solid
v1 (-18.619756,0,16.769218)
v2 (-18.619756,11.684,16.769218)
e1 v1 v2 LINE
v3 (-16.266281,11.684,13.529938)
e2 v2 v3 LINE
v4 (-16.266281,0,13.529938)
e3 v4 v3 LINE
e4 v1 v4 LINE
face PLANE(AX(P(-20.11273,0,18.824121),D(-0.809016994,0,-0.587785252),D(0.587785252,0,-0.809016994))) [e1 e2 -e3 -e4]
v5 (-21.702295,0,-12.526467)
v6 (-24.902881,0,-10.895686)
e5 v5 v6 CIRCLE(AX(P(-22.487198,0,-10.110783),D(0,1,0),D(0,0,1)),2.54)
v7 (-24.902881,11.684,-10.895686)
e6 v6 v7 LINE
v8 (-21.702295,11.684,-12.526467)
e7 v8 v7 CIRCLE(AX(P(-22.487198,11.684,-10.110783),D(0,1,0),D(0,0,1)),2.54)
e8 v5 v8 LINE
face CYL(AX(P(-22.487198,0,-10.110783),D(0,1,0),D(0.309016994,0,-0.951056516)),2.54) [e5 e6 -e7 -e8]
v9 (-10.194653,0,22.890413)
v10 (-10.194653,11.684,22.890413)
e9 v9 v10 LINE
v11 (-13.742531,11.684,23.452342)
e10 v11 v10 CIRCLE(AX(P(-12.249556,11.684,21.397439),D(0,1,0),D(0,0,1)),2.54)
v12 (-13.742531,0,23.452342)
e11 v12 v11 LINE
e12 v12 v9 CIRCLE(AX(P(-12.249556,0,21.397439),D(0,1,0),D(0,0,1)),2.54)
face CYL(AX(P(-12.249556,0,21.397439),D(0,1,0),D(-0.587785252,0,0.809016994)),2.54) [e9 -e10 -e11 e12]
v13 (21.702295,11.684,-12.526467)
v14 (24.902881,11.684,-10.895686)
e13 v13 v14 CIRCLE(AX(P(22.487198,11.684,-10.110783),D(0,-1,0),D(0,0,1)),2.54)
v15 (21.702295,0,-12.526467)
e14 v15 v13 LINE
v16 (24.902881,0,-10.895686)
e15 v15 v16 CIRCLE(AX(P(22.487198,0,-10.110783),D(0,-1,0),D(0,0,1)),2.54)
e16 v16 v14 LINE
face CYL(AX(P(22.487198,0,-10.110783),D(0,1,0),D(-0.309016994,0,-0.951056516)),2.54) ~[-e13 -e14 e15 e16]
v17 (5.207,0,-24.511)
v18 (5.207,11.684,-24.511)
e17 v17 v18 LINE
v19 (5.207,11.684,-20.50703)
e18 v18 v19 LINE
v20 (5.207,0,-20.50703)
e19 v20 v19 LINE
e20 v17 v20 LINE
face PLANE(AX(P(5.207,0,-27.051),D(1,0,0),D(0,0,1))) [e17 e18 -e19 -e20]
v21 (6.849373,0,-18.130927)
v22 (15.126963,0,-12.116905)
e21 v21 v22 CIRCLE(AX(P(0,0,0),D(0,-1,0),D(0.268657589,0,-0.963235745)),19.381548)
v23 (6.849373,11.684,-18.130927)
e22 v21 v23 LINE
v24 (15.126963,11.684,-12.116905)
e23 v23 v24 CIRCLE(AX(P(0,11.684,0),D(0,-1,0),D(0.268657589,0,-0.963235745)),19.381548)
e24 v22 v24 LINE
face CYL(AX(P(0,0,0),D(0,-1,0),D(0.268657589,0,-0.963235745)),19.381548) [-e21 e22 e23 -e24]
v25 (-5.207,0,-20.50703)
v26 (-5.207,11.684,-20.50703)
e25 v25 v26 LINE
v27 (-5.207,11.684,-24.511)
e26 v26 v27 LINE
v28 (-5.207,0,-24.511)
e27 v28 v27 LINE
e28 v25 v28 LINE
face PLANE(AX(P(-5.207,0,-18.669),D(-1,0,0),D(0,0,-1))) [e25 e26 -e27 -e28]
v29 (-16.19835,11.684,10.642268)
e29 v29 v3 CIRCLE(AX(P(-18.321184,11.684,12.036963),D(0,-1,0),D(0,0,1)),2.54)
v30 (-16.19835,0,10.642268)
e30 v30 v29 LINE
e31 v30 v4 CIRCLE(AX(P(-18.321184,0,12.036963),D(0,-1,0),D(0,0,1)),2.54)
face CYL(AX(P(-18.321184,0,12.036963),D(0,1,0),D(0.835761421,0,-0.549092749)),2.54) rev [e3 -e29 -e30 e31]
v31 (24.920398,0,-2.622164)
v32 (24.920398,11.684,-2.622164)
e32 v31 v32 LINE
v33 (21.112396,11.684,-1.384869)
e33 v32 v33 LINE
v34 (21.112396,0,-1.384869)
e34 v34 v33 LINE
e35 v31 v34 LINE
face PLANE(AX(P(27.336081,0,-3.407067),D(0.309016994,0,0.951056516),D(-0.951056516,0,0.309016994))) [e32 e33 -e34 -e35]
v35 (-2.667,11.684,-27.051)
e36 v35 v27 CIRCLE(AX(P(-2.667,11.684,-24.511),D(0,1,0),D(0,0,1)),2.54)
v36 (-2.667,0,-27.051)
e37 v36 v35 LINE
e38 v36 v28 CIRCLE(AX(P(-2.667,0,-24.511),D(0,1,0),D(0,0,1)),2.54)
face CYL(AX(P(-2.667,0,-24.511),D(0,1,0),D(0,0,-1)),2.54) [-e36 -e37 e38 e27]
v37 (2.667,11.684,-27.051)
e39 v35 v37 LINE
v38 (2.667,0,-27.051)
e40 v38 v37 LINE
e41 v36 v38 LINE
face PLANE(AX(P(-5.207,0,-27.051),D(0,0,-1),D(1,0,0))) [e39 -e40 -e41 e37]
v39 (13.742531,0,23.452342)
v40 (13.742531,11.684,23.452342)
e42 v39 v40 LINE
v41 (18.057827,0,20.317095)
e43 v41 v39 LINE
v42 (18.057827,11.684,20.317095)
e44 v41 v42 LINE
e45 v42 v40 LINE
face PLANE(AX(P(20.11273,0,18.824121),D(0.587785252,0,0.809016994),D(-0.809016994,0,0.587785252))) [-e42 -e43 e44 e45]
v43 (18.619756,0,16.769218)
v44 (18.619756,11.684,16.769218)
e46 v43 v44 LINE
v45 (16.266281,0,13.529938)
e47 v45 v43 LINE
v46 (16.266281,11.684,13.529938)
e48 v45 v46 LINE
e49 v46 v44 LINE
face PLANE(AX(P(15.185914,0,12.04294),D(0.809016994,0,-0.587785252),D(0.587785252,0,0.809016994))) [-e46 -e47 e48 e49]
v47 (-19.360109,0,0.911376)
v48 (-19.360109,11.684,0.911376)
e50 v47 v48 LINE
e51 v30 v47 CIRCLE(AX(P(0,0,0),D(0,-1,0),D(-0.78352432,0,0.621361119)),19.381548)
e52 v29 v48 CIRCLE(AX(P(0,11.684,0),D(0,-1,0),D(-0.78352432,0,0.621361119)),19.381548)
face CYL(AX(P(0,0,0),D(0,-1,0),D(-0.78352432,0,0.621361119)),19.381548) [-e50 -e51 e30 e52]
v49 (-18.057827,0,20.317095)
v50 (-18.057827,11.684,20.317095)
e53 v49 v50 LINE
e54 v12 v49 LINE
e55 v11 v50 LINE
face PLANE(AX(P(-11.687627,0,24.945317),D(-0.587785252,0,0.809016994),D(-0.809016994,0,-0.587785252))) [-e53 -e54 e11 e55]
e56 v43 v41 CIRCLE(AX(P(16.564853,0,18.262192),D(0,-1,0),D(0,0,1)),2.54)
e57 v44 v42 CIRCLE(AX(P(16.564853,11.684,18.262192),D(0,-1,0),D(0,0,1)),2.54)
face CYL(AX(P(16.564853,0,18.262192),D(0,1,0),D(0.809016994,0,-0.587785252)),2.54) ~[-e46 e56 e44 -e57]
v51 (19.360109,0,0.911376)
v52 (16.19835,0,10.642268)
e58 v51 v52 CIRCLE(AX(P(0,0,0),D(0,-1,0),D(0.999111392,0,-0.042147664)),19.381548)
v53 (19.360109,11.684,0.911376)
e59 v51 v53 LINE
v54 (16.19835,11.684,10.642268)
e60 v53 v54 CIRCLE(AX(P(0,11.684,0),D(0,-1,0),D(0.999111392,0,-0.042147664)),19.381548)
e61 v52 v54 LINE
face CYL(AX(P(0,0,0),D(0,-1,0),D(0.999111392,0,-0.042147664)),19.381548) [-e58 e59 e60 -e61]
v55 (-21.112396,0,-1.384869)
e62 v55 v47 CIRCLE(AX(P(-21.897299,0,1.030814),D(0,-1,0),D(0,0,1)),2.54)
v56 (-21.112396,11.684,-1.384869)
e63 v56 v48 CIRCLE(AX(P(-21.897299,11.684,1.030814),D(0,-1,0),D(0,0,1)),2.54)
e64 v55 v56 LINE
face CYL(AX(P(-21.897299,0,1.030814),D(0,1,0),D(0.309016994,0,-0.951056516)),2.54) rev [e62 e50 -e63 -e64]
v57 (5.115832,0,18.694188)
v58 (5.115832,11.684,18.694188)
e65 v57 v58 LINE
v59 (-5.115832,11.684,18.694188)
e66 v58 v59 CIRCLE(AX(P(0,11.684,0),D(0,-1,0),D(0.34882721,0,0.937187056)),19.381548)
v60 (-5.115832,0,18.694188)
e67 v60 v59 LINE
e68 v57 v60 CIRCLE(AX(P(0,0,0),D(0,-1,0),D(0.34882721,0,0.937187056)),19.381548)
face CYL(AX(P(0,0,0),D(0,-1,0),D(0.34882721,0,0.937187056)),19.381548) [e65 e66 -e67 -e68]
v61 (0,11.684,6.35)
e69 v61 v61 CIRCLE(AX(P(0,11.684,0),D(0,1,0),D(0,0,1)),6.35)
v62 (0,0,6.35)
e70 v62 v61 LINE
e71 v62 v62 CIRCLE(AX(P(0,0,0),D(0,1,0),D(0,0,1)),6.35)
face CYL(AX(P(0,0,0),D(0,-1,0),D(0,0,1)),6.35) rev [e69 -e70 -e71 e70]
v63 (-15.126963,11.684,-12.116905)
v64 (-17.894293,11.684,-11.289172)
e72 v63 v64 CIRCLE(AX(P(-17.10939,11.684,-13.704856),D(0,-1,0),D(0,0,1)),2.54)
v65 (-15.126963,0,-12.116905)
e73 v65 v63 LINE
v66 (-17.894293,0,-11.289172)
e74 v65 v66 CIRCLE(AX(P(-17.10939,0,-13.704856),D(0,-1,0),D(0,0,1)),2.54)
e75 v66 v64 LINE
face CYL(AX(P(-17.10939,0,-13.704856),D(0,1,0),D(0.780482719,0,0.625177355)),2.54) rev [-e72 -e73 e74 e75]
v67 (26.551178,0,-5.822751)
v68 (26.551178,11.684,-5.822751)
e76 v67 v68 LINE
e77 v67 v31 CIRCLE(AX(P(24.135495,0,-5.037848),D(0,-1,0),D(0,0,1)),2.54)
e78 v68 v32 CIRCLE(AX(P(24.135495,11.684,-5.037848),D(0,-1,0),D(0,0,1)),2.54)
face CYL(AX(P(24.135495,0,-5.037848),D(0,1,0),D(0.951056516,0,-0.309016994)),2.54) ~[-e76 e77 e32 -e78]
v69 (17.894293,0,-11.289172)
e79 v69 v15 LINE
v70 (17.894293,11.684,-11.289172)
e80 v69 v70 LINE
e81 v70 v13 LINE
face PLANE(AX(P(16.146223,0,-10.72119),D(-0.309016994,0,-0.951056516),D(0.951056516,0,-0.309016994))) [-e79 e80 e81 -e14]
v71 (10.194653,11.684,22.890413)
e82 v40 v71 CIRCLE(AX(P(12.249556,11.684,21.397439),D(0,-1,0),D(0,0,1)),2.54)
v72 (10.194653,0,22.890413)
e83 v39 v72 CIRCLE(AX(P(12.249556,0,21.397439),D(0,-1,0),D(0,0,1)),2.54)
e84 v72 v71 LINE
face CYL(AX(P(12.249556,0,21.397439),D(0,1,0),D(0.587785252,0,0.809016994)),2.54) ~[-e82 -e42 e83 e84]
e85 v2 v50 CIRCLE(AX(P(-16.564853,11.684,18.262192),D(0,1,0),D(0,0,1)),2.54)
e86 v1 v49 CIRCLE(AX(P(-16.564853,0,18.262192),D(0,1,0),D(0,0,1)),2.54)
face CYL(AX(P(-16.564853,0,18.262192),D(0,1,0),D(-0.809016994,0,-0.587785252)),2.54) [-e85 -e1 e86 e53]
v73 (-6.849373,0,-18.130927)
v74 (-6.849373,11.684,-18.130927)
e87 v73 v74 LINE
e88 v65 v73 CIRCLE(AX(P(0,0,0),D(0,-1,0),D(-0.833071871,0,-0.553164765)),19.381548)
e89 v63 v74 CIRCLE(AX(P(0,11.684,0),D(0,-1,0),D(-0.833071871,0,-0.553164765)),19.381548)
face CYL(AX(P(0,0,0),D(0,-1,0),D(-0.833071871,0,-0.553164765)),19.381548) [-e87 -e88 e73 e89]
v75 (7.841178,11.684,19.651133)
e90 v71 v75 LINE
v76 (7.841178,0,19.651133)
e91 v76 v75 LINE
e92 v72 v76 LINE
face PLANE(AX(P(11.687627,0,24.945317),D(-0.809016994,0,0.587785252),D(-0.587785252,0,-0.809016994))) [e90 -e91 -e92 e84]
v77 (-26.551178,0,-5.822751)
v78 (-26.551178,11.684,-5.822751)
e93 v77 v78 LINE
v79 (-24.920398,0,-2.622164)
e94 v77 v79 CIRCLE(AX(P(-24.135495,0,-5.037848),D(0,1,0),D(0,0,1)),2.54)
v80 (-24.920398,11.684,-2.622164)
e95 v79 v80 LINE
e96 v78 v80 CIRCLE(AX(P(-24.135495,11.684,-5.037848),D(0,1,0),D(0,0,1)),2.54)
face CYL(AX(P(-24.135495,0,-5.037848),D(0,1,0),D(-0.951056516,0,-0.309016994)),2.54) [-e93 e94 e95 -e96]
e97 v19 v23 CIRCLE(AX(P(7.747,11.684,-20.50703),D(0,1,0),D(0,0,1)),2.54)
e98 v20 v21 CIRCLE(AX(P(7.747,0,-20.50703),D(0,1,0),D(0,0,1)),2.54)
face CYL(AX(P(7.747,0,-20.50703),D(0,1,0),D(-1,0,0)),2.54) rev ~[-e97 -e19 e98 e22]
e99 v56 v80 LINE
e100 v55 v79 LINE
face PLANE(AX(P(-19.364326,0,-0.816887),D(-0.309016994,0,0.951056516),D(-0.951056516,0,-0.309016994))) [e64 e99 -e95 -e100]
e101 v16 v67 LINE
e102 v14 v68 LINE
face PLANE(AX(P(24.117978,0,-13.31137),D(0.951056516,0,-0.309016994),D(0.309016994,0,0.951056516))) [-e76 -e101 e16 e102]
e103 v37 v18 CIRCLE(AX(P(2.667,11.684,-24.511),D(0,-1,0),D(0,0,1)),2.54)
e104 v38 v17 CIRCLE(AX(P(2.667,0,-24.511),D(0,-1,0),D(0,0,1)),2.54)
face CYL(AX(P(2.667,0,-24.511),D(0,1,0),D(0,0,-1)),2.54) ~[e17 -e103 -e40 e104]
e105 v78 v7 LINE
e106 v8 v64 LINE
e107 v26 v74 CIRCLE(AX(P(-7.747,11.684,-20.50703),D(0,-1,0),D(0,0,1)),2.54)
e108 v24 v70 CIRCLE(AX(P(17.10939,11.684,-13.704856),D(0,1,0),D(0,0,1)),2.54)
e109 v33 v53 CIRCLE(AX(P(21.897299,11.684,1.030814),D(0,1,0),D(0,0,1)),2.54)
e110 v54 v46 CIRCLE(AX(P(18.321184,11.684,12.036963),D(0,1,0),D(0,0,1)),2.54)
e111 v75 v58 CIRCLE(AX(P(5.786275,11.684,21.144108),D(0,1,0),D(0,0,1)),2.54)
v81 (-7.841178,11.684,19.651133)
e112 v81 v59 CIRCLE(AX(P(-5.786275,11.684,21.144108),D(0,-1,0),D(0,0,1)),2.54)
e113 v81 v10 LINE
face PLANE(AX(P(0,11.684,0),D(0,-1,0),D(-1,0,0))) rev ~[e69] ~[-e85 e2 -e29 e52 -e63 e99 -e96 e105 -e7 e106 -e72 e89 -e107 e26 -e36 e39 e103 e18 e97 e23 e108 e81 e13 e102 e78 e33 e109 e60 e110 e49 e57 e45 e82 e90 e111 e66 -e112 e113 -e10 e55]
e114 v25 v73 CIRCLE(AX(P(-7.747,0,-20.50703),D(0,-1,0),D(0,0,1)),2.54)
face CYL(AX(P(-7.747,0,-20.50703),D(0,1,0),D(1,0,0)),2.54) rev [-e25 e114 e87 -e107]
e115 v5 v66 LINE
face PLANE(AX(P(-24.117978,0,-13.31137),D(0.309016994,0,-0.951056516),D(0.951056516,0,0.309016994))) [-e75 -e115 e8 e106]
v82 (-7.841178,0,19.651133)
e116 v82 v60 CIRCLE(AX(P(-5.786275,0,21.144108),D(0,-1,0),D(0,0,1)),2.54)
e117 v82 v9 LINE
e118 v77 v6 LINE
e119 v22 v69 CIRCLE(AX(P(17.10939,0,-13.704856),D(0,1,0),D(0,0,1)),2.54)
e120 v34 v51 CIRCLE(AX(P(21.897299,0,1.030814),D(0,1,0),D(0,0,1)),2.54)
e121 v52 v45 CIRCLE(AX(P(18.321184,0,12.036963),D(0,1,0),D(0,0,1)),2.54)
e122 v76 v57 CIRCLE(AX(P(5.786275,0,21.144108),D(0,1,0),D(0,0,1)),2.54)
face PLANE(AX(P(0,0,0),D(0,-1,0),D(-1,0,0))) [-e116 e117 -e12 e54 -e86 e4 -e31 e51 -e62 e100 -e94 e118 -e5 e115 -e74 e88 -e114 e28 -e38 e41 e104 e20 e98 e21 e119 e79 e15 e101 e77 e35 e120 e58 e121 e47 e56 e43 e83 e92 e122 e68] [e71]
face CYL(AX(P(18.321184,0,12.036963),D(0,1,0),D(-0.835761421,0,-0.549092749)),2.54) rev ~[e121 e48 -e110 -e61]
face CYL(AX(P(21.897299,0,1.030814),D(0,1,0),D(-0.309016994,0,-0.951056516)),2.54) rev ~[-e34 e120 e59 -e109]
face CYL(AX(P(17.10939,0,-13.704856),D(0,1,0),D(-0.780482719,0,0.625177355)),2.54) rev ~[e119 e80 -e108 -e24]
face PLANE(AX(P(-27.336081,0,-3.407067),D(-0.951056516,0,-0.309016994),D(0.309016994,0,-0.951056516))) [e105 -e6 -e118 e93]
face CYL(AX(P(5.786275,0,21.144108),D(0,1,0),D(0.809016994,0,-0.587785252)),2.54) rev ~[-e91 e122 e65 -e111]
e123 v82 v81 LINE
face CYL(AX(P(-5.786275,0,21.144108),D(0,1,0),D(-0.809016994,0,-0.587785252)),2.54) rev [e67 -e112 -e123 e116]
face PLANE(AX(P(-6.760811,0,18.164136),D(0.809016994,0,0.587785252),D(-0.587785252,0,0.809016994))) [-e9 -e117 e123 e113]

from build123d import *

# Parameters (mm, degrees)
SKETCH2_R           = 6.35
BOSS_EXTRUDE3_DEPTH = 11.684
FILLET1_R           = 2.54


with BuildPart() as part:
    # Sketch2 → Boss-Extrude3 (new body)
    with BuildSketch(Plane(origin=(0, 0, 0), x_dir=(1, 0, 0), z_dir=(0, 1, 0))):
        with BuildLine():
            Line((-5.207, 27.051), (5.207, 27.051))
            Line((5.207, 27.051), (5.207, 18.669))
            ThreePointArc((5.207, 18.669), (11.392188189, 15.680001858), (16.146222613, 10.721189548))
            Line((16.146222613, 10.721189548), (24.117978333, 13.311369995))
            Line((24.117978333, 13.311369995), (27.336081312, 3.407067434))
            Line((27.336081312, 3.407067434), (19.364325592, 0.816886988))
            ThreePointArc((19.364325592, 0.816886988), (18.432947696, -5.989227766), (15.185914365, -12.042940459))
            Line((15.185914365, -12.042940459), (20.112730349, -18.824120906))
            Line((20.112730349, -18.824120906), (11.68762737, -24.945316524))
            Line((11.68762737, -24.945316524), (6.760811385, -18.164136077))
            ThreePointArc((6.760811385, -18.164136077), (0, -19.381548184), (-6.760811385, -18.164136077))
            Line((-6.760811385, -18.164136077), (-11.68762737, -24.945316524))
            Line((-11.68762737, -24.945316524), (-20.112730349, -18.824120906))
            Line((-20.112730349, -18.824120906), (-15.185914365, -12.042940459))
            ThreePointArc((-15.185914365, -12.042940459), (-18.432947696, -5.989227766), (-19.364325592, 0.816886988))
            Line((-19.364325592, 0.816886988), (-27.336081312, 3.407067434))
            Line((-27.336081312, 3.407067434), (-24.117978333, 13.311369995))
            Line((-24.117978333, 13.311369995), (-16.146222613, 10.721189548))
            ThreePointArc((-16.146222613, 10.721189548), (-11.392188189, 15.680001858), (-5.207, 18.669))
            Line((-5.207, 18.669), (-5.207, 27.051))
        make_face()
        with Locations(Location((0, 0, 0), (0, 0, 270))):
            Circle(SKETCH2_R, mode=Mode.SUBTRACT)
    extrude(amount=BOSS_EXTRUDE3_DEPTH)

    # Fillet1
    fillet1_edges = [part.edges().sort_by_distance(p)[0] for p in [
        (-5.207, 5.842, -27.051),
        (5.207, 5.842, -27.051),
        (5.207, 5.842, -18.669),
        (16.146222613, 5.842, -10.721189548),
        (24.117978333, 5.842, -13.311369995),
        (27.336081312, 5.842, -3.407067434),
        (19.364325592, 5.842, -0.816886988),
        (15.185914365, 5.842, 12.042940459),
        (20.112730349, 5.842, 18.824120906),
        (11.68762737, 5.842, 24.945316524),
        (6.760811385, 5.842, 18.164136077),
        (-6.760811385, 5.842, 18.164136077),
        (-11.68762737, 5.842, 24.945316524),
        (-20.112730349, 5.842, 18.824120906),
        (-15.185914365, 5.842, 12.042940459),
        (-19.364325592, 5.842, -0.816886988),
        (-27.336081312, 5.842, -3.407067434),
        (-24.117978333, 5.842, -13.311369995),
        (-16.146222613, 5.842, -10.721189548),
        (-5.207, 5.842, -18.669),
    ]]
    fillet(fillet1_edges, radius=FILLET1_R)


solid = part.part
